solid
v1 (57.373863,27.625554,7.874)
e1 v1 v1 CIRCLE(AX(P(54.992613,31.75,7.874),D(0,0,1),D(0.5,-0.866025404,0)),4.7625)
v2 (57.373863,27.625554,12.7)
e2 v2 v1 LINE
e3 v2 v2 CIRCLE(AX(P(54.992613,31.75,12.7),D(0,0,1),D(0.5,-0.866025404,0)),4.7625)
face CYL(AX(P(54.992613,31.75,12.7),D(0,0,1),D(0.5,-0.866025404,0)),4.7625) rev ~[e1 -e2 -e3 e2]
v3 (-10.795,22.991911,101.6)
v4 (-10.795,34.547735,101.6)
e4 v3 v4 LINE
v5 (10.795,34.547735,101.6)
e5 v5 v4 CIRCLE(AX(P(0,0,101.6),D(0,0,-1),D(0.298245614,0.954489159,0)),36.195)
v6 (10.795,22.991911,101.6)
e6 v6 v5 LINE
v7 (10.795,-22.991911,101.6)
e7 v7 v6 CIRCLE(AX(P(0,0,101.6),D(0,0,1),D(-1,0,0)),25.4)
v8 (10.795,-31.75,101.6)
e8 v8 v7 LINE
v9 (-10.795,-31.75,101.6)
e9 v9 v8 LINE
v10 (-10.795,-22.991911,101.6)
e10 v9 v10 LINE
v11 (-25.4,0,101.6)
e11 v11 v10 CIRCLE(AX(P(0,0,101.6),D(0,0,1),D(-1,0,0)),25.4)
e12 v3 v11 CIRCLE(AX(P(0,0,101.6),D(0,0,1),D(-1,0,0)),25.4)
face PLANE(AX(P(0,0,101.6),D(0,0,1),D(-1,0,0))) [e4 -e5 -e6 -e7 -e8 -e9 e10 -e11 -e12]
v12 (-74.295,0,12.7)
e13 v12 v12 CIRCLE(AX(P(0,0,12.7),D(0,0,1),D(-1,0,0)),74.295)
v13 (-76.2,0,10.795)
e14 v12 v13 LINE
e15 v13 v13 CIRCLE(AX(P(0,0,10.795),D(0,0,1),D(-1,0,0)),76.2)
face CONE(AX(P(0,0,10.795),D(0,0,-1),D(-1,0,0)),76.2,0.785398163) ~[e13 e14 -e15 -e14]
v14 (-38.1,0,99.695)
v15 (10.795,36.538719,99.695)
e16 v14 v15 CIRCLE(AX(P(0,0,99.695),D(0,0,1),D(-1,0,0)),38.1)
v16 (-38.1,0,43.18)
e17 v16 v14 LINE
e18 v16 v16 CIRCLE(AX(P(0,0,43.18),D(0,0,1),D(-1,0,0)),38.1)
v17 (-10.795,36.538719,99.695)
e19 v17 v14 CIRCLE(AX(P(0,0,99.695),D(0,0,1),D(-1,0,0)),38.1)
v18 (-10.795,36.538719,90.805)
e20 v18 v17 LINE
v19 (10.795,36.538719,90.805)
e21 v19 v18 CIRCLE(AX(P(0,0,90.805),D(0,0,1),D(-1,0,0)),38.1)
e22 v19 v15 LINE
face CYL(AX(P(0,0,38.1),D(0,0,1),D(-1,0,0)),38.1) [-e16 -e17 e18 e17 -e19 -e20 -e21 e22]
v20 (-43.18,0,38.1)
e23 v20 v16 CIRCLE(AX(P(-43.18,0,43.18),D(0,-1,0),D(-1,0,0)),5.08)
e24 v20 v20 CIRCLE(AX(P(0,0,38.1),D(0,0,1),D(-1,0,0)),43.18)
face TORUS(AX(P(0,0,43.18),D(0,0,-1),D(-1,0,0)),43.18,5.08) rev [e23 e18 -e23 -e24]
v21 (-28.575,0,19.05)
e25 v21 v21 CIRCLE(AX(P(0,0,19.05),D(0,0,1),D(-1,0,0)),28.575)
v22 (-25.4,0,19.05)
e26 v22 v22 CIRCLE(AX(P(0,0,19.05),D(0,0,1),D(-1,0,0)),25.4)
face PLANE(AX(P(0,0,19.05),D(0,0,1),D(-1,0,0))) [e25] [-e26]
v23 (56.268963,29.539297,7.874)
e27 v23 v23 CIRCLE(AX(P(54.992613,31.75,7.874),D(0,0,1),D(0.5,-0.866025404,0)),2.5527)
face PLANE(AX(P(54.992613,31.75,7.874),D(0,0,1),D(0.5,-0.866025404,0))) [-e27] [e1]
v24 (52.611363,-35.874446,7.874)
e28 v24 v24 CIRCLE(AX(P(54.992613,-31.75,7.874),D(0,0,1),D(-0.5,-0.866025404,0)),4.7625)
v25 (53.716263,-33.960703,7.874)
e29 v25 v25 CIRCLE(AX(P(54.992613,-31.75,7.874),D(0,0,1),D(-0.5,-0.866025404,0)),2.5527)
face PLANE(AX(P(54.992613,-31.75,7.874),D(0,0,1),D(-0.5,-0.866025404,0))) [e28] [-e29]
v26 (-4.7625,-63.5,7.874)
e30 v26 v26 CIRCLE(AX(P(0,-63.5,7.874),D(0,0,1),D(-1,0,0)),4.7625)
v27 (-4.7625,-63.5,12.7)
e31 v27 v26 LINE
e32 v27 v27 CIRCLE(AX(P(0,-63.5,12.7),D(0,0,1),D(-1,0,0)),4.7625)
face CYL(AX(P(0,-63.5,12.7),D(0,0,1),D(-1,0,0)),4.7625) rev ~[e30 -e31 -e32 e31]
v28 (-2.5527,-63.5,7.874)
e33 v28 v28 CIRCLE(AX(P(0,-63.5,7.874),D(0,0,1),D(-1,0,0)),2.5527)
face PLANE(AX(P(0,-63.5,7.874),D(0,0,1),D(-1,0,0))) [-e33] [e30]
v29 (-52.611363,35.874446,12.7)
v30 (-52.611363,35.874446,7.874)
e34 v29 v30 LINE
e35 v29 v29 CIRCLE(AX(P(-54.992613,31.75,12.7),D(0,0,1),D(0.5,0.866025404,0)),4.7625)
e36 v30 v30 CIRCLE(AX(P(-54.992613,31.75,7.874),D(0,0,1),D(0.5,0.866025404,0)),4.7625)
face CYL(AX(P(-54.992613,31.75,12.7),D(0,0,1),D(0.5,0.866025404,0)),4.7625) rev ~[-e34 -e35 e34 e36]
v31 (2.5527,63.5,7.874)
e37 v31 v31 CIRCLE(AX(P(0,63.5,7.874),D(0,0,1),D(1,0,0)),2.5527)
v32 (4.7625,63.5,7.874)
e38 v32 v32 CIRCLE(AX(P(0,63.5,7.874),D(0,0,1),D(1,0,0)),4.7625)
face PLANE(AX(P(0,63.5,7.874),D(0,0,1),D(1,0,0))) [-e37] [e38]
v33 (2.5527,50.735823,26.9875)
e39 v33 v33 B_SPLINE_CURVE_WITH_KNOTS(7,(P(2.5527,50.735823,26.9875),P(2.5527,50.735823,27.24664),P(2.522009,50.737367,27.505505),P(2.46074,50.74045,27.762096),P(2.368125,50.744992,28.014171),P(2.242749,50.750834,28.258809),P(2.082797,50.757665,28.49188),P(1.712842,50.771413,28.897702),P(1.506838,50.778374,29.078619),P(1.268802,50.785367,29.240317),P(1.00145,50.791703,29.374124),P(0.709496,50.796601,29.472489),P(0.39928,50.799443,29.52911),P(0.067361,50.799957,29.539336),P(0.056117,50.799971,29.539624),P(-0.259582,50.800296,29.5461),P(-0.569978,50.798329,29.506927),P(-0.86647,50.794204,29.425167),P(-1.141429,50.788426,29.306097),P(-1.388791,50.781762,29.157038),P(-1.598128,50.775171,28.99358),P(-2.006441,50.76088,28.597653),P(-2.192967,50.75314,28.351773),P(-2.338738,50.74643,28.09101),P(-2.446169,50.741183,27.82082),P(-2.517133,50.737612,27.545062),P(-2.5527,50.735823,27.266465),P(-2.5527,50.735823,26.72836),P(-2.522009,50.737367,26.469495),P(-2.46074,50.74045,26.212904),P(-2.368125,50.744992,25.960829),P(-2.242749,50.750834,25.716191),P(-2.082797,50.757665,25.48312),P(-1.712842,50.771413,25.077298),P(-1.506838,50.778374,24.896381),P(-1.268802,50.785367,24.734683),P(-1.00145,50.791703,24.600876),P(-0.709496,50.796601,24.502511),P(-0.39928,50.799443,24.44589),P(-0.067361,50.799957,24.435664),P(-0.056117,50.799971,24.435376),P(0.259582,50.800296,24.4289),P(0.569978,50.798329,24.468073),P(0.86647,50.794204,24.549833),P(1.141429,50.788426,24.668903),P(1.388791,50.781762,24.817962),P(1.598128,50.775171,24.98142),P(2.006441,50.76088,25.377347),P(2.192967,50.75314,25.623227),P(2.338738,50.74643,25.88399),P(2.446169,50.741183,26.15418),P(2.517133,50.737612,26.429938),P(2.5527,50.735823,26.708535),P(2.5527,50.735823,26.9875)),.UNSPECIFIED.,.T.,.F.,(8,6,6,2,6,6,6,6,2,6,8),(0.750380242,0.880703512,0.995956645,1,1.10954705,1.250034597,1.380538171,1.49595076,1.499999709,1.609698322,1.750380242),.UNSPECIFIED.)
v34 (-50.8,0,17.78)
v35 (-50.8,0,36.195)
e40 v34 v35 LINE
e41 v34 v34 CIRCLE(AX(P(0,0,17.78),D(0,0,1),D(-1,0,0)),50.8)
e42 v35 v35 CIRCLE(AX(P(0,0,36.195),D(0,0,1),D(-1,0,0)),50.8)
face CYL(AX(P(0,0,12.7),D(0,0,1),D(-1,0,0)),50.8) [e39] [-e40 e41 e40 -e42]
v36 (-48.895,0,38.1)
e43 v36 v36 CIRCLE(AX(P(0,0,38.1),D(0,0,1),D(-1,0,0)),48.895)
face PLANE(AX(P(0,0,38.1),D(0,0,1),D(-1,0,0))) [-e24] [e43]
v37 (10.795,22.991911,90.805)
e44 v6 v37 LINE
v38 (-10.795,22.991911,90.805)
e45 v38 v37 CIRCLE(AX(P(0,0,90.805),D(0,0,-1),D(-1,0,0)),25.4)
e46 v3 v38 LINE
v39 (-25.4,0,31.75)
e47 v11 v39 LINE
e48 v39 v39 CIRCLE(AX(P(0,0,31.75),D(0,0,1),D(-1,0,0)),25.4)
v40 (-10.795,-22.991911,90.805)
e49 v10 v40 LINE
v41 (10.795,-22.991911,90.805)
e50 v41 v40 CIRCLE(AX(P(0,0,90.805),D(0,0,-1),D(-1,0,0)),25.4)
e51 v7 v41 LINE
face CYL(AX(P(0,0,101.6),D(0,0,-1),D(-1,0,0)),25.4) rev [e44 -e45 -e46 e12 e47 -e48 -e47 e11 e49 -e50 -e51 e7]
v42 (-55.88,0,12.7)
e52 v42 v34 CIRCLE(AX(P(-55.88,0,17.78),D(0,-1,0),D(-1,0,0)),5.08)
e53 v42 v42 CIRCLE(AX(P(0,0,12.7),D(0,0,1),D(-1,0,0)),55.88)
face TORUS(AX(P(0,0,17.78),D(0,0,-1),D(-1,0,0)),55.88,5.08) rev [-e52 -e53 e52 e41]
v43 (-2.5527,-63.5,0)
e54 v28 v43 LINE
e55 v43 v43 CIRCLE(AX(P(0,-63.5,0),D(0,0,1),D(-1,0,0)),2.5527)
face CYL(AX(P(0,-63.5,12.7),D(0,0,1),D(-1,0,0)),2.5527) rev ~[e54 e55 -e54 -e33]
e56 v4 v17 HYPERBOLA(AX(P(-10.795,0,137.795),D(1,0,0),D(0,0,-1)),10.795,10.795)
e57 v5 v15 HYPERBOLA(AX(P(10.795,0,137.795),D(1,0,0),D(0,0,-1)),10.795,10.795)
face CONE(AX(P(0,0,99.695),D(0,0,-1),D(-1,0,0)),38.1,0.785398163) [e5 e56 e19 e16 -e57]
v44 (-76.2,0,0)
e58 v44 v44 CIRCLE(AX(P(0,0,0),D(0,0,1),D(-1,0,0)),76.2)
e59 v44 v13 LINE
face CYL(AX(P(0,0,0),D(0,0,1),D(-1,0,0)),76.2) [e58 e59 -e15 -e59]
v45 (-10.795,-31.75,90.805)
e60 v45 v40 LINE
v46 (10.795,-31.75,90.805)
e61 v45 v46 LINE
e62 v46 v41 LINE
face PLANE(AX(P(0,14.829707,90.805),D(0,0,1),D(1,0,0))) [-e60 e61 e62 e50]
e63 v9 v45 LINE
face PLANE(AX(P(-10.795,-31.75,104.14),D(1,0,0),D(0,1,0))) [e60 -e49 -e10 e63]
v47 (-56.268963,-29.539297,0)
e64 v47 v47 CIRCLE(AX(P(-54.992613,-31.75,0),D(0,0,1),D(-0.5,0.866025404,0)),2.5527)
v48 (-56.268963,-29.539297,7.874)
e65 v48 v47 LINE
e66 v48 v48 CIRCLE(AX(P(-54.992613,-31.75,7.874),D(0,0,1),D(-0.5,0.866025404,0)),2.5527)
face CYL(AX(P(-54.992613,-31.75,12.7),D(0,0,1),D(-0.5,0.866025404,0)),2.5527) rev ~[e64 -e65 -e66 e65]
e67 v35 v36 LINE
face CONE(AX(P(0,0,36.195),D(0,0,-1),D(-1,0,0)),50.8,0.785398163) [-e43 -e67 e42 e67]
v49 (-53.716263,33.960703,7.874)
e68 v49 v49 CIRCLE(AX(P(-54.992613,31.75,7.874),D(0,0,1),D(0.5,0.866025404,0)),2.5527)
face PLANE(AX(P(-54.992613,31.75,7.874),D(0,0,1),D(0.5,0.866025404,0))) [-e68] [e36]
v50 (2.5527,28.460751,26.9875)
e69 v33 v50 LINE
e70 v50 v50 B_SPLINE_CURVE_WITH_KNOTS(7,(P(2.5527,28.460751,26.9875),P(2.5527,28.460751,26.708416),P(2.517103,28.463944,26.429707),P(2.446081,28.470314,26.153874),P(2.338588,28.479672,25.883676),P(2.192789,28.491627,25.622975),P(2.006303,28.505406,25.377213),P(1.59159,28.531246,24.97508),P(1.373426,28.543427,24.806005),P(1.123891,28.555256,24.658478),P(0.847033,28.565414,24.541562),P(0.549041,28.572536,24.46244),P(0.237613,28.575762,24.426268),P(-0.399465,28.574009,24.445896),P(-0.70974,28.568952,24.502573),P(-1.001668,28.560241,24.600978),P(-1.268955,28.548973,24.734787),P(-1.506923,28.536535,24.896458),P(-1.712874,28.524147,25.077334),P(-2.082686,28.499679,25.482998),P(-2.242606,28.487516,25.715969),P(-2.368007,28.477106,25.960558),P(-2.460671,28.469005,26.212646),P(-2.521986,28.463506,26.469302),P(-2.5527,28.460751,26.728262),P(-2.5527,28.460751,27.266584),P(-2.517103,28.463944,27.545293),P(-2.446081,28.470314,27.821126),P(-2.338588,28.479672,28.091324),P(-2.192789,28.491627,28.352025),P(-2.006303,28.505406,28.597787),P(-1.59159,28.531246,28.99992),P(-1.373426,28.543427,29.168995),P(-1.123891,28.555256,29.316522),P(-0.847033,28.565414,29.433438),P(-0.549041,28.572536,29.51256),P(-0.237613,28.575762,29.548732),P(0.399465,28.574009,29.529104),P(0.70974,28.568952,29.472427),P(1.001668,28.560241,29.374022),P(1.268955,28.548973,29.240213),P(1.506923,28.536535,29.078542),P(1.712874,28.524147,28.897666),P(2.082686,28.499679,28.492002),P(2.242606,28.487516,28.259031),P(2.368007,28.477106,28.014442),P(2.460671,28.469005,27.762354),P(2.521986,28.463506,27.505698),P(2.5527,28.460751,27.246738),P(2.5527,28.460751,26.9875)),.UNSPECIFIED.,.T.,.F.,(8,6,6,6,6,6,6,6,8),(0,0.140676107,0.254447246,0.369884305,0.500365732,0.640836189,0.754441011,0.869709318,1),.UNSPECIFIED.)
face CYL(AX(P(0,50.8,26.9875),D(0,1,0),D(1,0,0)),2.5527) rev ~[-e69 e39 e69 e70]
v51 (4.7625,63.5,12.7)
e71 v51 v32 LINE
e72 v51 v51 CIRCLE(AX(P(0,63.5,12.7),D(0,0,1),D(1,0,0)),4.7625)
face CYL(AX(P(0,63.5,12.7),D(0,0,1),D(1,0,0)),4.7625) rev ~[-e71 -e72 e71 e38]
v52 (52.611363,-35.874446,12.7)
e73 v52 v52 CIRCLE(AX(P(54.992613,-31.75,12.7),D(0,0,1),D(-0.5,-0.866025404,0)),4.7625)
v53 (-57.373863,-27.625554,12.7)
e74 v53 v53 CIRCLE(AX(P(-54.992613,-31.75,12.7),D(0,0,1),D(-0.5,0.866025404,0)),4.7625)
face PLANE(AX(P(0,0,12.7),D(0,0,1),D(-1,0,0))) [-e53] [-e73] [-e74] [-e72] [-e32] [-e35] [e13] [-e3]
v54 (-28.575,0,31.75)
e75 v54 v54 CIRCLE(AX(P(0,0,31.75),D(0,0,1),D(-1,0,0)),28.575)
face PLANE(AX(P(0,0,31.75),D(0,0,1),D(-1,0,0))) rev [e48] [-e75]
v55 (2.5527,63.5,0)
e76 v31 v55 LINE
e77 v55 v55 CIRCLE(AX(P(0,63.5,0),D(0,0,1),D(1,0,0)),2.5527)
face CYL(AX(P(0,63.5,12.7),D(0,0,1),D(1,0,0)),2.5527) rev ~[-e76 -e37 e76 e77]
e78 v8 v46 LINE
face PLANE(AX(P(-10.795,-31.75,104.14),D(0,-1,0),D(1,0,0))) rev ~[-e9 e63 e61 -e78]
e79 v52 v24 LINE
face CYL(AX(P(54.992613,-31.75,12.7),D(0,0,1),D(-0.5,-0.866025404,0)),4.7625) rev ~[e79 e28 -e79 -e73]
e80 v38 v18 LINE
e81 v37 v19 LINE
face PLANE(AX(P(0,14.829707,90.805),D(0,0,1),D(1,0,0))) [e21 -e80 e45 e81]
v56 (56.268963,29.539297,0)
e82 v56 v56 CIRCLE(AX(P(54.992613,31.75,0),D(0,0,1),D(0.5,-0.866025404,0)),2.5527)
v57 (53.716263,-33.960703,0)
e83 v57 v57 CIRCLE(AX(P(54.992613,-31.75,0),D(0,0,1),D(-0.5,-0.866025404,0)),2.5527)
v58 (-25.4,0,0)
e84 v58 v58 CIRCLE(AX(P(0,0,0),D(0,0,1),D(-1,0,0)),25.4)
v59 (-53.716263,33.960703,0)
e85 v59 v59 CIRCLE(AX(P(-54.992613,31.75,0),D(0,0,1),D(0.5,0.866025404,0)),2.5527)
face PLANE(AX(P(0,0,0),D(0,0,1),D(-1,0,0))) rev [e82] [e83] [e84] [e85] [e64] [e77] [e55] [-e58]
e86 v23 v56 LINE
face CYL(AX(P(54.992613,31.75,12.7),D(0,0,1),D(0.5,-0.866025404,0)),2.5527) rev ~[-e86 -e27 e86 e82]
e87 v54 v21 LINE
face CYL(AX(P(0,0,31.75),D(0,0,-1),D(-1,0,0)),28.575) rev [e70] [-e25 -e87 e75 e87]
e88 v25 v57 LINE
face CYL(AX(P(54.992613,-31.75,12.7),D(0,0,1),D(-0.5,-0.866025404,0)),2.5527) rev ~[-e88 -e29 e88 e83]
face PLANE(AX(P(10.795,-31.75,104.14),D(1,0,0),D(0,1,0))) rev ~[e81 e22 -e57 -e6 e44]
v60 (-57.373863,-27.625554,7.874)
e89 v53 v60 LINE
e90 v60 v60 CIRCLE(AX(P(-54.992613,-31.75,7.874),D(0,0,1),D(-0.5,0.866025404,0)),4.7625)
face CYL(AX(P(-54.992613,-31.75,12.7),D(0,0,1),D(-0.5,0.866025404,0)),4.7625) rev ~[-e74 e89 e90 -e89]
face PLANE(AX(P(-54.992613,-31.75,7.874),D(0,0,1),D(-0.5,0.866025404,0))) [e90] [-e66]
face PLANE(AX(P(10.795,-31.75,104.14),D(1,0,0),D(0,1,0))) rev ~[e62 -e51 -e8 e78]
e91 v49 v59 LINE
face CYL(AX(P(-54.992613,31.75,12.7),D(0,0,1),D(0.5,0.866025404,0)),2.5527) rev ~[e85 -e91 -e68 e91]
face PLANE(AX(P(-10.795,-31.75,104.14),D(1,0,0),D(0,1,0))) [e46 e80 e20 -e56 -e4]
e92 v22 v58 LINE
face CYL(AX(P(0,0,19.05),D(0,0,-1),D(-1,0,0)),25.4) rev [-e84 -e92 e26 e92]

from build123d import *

# Parameters (mm, degrees)
FRONT_FILLET_R               = 5.08
FRONT_CHAMFER_SIZE           = 1.905
BLOCK_SKETCH_W               = 21.59
BLOCK_SKETCH_H               = 93.159413511
BLOCK_CUT_DEPTH              = 13.335
CIRCULAR_SKETCH_R            = 2.5527
CIRCULAR_CUT_DEPTH           = 140.7
CIRCULAR_PATTERN_COUNT       = 6
OUTER_CIRCULAR_SKETCH_R      = 4.7625
OUTER_CIRCULAR_CUT_DEPTH     = 4.826
OUTER_CIRCULAR_PATTERN_COUNT = 6
F_1_4_20_TOPMOST_CUT_REACH   = 167.839
F_1_4_20_TOPMOST_CUT_BORE_R  = 2.5527


with BuildPart() as part:
    # Base Sketch → Base Revolve (revolve)
    with BuildSketch(Plane(origin=(0, 0, 0), x_dir=(0, 0, -1), z_dir=(1, 0, 0)), mode=Mode.PRIVATE) as base_revolve_sk:
        Polygon((0, 76.2), (-12.7, 76.2), (-12.7, 50.8), (-38.1, 50.8), (-38.1, 38.1), (-101.6, 38.1), (-101.6, 25.4), (-31.75, 25.4), (-31.75, 28.575), (-19.05, 28.575), (-19.05, 25.4), (0, 25.4), align=None)
    revolve(base_revolve_sk.sketch.rotate(Axis((0, 0, 0), (0, 0, 1)), 90), axis=Axis((0, 0, 0), (0, 0, 1)))

    # Front Fillet
    front_fillet_edges = [part.edges().sort_by_distance(p)[0] for p in [
        (38.1, 0, 38.1),
        (50.8, 0, 12.7),
    ]]
    fillet(front_fillet_edges, radius=FRONT_FILLET_R)

    # Front Chamfer
    front_chamfer_edges = [part.edges().sort_by_distance(p)[0] for p in [
        (38.1, 0, 101.6),
        (50.8, 0, 38.1),
        (76.2, 0, 12.7),
    ]]
    chamfer(front_chamfer_edges, length=FRONT_CHAMFER_SIZE)

    # Block Sketch → Block Cut (cut)
    with BuildSketch(Plane.XY.offset(104.14)):
        with Locations((0, 14.829706756)):
            Rectangle(BLOCK_SKETCH_W, BLOCK_SKETCH_H)
    extrude(amount=-BLOCK_CUT_DEPTH, mode=Mode.SUBTRACT)

    # Circular Sketch → Circular Cut (cut, through all)
    with BuildSketch(Plane.XY.offset(12.7)):
        with Locations((0, 63.5)):
            Circle(CIRCULAR_SKETCH_R)
    circular_cut = extrude(amount=-CIRCULAR_CUT_DEPTH, mode=Mode.SUBTRACT)

    # Circular Pattern: Circular Cut ×6 about axis
    circular_pattern_axis = Axis((0, 0, 0), (0, 0, 1))
    for i in range(1, CIRCULAR_PATTERN_COUNT):
        add(circular_cut.rotate(circular_pattern_axis, i * 360 / CIRCULAR_PATTERN_COUNT), mode=Mode.SUBTRACT)

    # Outer Circular Sketch → Outer Circular Cut (cut)
    with BuildSketch(Plane.XY.offset(12.7)):
        with Locations((0, 63.5)):
            Circle(OUTER_CIRCULAR_SKETCH_R)
    outer_circular_cut = extrude(amount=-OUTER_CIRCULAR_CUT_DEPTH, mode=Mode.SUBTRACT)

    # Outer Circular Pattern: Outer Circular Cut ×6 about axis
    outer_circular_pattern_axis = Axis((0, 0, 0), (0, 0, 1))
    for i in range(1, OUTER_CIRCULAR_PATTERN_COUNT):
        add(outer_circular_cut.rotate(outer_circular_pattern_axis, i * 360 / OUTER_CIRCULAR_PATTERN_COUNT), mode=Mode.SUBTRACT)

    # 1/4-20 Topmost Cut bore (on position points) → 1/4-20 Topmost Cut (cut, up to next)
    with BuildSketch(Plane(origin=(0, 50.8, 26.9875), x_dir=(1, 0, 0), z_dir=(0, 1, 0)), mode=Mode.PRIVATE) as f_1_4_20_topmost_cut_sk1:
        Circle(F_1_4_20_TOPMOST_CUT_BORE_R)
    f_1_4_20_topmost_cut_tool1 = extrude(f_1_4_20_topmost_cut_sk1.sketch, amount=-F_1_4_20_TOPMOST_CUT_REACH, mode=Mode.PRIVATE) & part.part
    add(f_1_4_20_topmost_cut_tool1.solids().sort_by_distance((0, 50.8, 26.9875))[0], mode=Mode.SUBTRACT)


solid = part.part
